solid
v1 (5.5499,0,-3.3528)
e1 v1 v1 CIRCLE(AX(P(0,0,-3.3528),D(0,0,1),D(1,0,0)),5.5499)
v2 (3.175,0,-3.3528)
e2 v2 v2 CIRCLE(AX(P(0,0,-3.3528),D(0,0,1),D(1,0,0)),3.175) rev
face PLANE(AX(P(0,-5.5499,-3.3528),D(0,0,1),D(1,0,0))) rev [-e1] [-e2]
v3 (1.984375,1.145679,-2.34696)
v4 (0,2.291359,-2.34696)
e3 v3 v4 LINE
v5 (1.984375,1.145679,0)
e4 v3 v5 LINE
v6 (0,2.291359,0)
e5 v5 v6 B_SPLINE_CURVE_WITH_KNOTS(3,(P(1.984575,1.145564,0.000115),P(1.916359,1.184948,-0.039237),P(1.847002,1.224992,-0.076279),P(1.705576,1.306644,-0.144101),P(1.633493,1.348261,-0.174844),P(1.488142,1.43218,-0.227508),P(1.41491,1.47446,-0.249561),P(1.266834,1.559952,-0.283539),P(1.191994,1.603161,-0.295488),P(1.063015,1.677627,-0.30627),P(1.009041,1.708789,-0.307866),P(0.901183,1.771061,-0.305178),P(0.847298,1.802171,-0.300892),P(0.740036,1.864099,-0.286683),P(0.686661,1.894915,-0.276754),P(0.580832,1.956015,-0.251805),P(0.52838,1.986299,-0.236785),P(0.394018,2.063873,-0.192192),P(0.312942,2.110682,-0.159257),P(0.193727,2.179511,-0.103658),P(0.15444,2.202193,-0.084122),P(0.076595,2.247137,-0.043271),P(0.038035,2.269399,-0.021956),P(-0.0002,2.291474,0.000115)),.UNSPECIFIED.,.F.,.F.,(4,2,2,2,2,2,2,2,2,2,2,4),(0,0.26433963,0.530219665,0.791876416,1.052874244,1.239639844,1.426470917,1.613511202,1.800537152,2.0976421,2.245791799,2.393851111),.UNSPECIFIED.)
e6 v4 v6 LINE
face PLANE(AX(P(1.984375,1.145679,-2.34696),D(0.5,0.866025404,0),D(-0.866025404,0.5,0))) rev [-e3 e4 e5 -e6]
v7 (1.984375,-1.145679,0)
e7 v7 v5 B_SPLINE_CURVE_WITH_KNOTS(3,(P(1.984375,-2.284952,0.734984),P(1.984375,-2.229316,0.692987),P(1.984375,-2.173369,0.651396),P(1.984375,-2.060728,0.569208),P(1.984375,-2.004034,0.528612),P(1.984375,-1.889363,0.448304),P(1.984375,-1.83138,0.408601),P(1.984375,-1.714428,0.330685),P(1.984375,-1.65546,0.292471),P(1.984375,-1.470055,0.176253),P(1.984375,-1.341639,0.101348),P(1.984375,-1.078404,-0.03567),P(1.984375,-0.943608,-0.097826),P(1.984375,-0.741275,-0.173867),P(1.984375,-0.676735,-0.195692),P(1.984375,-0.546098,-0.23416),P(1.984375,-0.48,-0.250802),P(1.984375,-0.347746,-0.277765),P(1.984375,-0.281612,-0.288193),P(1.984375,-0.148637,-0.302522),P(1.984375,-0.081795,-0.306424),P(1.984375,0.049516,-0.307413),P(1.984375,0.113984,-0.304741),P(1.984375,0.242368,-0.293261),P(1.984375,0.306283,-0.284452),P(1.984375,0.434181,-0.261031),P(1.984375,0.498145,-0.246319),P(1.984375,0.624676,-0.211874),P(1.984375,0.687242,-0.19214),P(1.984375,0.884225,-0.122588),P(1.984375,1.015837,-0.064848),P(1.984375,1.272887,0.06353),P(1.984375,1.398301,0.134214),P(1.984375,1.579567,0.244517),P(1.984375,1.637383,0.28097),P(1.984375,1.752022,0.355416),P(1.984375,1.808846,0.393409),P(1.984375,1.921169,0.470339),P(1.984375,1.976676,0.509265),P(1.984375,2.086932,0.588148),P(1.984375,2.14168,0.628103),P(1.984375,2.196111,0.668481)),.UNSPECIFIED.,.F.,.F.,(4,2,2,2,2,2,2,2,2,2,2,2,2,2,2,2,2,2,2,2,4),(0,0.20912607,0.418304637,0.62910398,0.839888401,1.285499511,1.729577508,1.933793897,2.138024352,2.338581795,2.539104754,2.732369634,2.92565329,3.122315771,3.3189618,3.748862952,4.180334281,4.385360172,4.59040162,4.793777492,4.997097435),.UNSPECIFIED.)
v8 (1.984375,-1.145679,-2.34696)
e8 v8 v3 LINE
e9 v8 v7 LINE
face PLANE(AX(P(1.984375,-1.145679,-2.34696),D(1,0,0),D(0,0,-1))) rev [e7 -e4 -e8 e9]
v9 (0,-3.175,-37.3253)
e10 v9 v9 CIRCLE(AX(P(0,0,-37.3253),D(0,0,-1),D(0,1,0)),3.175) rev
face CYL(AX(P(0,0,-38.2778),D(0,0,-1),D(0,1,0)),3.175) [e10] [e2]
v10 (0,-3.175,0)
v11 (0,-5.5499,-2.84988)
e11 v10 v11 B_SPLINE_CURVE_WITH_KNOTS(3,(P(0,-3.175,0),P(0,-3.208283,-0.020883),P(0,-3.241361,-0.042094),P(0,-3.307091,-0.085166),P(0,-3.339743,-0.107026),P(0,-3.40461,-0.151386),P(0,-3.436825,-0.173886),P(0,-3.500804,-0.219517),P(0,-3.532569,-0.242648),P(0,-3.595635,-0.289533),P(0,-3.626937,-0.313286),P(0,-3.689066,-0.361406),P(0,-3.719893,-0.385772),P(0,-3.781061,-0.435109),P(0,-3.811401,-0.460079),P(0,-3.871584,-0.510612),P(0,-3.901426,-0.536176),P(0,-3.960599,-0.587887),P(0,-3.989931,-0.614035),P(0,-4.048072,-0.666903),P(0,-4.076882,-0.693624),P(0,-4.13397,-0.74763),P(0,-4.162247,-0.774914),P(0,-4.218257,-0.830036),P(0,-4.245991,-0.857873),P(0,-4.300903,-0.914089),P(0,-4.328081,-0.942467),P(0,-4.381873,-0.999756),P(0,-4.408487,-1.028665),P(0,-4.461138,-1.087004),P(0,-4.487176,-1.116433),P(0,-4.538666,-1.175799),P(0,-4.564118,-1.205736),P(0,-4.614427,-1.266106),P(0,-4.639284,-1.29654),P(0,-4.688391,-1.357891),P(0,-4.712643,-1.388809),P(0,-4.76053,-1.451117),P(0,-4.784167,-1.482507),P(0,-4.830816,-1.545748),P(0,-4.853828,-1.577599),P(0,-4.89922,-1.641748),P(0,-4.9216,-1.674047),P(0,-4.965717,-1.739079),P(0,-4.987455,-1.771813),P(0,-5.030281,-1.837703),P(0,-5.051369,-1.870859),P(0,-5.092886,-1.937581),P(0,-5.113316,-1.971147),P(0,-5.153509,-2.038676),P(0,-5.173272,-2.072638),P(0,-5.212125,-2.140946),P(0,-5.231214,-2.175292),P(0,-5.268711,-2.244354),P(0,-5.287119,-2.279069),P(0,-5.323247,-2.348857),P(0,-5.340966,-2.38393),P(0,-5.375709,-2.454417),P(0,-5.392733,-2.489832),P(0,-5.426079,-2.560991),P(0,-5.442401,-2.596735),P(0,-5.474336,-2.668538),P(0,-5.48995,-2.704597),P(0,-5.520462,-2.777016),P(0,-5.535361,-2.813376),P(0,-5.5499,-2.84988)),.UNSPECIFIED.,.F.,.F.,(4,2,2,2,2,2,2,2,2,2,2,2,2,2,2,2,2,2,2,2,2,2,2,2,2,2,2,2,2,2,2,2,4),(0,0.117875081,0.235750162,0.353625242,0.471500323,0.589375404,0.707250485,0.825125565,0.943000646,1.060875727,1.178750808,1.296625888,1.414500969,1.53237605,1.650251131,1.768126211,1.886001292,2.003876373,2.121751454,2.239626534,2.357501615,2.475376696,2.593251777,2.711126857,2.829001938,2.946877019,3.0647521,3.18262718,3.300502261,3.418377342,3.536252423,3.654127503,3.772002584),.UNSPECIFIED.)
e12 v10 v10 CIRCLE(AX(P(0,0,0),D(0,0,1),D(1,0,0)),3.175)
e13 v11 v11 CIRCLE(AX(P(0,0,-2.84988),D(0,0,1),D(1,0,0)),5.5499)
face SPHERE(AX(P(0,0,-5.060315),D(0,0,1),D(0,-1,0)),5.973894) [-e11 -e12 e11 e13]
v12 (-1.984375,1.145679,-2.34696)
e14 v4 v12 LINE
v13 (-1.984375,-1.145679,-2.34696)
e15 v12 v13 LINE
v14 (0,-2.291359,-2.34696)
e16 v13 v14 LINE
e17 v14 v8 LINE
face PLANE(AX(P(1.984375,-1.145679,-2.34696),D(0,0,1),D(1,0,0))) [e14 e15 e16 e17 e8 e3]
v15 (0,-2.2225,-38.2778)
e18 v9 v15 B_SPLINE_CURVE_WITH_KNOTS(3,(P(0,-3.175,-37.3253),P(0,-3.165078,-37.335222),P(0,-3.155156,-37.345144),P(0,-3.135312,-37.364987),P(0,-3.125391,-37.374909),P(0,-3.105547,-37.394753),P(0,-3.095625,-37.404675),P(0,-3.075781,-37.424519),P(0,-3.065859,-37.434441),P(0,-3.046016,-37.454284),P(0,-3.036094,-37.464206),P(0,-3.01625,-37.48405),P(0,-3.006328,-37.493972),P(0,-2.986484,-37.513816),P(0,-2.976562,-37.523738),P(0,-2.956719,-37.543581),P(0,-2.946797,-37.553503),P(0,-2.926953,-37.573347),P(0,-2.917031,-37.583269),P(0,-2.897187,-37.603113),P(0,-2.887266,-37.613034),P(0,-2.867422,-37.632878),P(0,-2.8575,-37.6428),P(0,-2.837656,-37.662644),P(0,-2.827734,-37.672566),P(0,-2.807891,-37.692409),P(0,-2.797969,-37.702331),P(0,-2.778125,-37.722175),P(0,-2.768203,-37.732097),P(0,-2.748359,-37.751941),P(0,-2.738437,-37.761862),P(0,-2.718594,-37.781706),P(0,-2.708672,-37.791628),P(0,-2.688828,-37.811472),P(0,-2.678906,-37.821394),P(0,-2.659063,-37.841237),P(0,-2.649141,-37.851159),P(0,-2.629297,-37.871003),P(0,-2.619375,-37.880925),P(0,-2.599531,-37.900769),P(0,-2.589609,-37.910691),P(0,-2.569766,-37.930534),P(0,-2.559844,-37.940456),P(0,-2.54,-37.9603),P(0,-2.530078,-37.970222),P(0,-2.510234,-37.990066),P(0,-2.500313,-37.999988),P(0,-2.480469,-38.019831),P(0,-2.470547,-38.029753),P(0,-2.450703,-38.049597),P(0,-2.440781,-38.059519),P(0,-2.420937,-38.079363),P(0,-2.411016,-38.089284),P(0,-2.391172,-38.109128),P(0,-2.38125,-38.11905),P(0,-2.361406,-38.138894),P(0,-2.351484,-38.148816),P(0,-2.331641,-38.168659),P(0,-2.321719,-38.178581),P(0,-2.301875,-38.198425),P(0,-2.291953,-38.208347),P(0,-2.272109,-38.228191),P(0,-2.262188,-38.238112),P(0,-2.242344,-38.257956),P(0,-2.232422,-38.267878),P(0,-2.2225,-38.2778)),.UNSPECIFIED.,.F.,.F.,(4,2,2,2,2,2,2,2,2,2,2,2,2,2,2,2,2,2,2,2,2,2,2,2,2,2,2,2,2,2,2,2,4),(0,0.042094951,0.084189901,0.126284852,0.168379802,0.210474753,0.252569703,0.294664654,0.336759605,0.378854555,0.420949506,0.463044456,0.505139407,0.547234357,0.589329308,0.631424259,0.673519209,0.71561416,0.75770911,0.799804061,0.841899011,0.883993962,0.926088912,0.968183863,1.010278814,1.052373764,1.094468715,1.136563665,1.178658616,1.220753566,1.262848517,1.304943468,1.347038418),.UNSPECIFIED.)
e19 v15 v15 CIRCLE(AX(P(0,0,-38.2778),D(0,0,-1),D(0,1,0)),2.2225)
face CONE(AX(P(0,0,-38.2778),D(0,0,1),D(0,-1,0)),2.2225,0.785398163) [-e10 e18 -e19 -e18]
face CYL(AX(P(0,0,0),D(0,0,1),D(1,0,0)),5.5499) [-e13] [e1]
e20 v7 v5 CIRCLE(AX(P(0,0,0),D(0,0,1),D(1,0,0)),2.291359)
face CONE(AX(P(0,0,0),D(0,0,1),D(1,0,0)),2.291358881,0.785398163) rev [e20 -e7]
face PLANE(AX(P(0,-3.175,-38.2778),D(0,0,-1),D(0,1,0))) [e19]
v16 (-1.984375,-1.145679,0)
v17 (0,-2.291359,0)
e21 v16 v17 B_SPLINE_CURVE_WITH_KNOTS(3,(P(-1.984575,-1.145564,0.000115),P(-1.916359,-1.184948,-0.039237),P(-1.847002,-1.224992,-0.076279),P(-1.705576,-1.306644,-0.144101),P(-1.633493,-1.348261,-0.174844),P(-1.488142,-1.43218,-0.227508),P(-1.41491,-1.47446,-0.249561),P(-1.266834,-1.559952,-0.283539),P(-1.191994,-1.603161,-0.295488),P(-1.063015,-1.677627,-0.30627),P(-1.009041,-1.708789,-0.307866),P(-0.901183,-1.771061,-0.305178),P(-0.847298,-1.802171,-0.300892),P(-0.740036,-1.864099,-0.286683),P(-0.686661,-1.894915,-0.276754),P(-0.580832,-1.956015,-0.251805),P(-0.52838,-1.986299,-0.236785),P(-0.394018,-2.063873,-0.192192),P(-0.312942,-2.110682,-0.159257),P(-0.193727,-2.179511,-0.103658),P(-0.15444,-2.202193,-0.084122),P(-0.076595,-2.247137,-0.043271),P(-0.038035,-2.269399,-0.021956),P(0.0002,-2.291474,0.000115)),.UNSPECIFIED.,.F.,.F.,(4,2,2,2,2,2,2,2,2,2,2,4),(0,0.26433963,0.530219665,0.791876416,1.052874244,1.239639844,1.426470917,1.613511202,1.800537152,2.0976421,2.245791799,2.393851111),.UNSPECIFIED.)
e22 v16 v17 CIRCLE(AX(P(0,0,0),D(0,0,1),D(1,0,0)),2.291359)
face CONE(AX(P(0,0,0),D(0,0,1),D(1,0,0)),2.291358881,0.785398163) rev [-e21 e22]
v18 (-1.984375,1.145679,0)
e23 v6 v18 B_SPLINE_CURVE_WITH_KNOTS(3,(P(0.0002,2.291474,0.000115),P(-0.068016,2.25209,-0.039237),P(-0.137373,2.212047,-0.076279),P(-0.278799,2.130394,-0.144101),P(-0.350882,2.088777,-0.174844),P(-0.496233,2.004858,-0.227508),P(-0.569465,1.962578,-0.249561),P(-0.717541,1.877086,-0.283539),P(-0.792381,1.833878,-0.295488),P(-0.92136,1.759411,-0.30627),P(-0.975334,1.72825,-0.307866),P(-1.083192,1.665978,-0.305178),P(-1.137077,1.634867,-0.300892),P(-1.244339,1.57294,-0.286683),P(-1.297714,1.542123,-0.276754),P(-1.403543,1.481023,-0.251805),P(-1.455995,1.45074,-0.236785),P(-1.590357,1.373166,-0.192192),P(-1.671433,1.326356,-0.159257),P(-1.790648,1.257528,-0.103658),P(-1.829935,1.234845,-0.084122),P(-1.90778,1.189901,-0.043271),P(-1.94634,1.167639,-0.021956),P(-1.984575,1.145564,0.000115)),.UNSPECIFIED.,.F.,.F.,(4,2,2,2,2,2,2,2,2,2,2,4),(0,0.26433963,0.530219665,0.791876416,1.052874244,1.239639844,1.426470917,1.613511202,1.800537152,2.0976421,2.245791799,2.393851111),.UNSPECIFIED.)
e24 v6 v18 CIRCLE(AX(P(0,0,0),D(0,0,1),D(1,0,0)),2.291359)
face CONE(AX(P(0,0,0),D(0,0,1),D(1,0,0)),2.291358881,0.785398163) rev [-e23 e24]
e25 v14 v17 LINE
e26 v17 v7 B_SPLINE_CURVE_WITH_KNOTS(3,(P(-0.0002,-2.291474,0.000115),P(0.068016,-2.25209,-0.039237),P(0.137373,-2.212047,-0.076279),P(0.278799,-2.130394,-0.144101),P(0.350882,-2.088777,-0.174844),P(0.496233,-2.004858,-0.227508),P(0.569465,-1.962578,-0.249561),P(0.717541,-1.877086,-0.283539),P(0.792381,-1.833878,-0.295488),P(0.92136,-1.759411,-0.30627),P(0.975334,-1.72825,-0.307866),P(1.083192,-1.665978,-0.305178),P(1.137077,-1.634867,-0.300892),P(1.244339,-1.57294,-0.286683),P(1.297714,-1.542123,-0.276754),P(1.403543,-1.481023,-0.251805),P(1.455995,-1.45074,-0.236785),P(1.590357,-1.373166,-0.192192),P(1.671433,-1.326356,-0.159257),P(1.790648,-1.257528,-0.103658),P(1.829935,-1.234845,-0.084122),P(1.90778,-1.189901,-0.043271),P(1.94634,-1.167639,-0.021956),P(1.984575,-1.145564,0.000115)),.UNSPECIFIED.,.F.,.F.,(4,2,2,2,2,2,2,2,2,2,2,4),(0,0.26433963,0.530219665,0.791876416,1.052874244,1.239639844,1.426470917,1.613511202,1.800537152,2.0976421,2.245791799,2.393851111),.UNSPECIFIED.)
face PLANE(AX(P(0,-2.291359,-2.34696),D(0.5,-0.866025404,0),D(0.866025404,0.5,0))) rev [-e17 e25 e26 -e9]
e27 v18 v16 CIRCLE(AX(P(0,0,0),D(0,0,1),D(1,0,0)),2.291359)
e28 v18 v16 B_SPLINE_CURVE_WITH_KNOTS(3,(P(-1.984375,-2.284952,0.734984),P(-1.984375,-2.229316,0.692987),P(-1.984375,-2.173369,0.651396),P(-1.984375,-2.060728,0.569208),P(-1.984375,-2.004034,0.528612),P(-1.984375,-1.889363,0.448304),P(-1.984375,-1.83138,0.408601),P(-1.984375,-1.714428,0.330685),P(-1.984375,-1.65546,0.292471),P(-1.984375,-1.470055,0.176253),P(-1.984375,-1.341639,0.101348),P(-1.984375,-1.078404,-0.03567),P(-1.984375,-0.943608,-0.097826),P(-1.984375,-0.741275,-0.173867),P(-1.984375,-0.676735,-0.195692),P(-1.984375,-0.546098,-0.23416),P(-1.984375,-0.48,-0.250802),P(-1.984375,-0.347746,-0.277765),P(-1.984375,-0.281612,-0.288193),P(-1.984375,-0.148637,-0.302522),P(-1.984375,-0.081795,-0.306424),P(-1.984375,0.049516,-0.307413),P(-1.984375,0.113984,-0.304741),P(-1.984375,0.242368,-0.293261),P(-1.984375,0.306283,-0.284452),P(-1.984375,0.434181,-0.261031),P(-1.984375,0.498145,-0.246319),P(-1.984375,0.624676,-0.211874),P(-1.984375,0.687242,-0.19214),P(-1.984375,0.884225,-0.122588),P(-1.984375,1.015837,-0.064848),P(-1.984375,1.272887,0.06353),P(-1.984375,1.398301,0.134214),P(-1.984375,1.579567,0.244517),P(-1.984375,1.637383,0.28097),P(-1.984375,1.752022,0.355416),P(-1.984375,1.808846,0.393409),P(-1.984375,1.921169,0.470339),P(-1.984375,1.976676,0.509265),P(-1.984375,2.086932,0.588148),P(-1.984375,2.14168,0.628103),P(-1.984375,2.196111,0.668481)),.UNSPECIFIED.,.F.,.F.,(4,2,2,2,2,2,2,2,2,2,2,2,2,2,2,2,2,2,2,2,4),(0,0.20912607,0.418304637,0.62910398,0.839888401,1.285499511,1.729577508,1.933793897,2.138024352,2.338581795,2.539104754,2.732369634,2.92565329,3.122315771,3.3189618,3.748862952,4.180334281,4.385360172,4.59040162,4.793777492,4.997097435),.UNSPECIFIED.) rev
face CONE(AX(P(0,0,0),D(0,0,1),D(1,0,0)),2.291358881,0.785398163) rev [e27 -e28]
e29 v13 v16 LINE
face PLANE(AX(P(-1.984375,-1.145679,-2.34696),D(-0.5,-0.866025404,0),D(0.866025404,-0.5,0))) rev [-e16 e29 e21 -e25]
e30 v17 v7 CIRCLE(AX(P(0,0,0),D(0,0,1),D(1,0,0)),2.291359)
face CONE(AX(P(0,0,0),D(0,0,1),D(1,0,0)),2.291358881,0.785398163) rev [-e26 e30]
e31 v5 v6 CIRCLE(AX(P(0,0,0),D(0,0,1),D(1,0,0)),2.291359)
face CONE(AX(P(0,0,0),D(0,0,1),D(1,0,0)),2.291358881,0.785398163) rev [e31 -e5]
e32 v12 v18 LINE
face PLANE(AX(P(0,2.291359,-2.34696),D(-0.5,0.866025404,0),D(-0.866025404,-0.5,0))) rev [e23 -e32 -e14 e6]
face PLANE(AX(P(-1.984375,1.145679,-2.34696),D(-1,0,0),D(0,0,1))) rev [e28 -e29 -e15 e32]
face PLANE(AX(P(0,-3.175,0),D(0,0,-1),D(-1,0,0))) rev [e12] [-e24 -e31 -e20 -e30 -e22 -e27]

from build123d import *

# Parameters (mm, degrees)
SKETCH1_W          = 34.925
SKETCH1_H          = 3.175
CHAMFER1_SIZE      = 0.9525
CUT_EXTRUDE2_DEPTH = 2.34696


with BuildPart() as part:
    # Sketch1 → Revolve1 (revolve)
    with BuildSketch(Plane(origin=(0, 0, 0), x_dir=(0, 0, -1), z_dir=(1, 0, 0))):
        with Locations((20.8153, 1.5875)):
            Rectangle(SKETCH1_W, SKETCH1_H)
    revolve(axis=Axis((0, 0, -38.2778), (0, 0, 1)))

    # Chamfer1
    chamfer1_edges = [part.edges().sort_by_distance(p)[0] for p in [
        (0, -3.175, -38.2778),
    ]]
    chamfer(chamfer1_edges, length=CHAMFER1_SIZE)

    # Sketch7 → Revolve2 (revolve)
    with BuildSketch(Plane(origin=(0, 0, 0), x_dir=(0, 0, -1), z_dir=(1, 0, 0))):
        with BuildLine():
            Line((2.84988, 5.5499), (3.3528, 5.5499))
            Line((3.3528, 5.5499), (3.3528, 0))
            Line((3.3528, 0), (0, 0))
            Line((0, 0), (0, 3.175))
            ThreePointArc((0, 3.175), (1.235921075, 4.58927271), (2.84988, 5.5499))
        make_face()
    revolve(axis=Axis((0, 0, 0), (0, 0, -1)))

    # Sketch5 → Cut-Extrude2 (cut)
    with BuildSketch(Plane.XY):
        Polygon((1.984375, -1.14567944), (1.984375, 1.14567944), (0, 2.291358881), (-1.984375, 1.14567944), (-1.984375, -1.14567944), (0, -2.291358881), align=None)
    extrude(amount=-CUT_EXTRUDE2_DEPTH, mode=Mode.SUBTRACT)

    # Cut-Extrude3 cone 1 section (through the dimple's axis) → Cut-Extrude3 (revolve, cut)
    with BuildSketch(Plane(origin=(0, 0, 0), x_dir=(0, -1, 0), z_dir=(1, 0, 0))):
        Polygon((0, 0), (2.291358881, 0), (0, 2.291358881), align=None)
    revolve(axis=Axis((0, 0, 0), (0, 0, -1)), mode=Mode.SUBTRACT)


solid = part.part
